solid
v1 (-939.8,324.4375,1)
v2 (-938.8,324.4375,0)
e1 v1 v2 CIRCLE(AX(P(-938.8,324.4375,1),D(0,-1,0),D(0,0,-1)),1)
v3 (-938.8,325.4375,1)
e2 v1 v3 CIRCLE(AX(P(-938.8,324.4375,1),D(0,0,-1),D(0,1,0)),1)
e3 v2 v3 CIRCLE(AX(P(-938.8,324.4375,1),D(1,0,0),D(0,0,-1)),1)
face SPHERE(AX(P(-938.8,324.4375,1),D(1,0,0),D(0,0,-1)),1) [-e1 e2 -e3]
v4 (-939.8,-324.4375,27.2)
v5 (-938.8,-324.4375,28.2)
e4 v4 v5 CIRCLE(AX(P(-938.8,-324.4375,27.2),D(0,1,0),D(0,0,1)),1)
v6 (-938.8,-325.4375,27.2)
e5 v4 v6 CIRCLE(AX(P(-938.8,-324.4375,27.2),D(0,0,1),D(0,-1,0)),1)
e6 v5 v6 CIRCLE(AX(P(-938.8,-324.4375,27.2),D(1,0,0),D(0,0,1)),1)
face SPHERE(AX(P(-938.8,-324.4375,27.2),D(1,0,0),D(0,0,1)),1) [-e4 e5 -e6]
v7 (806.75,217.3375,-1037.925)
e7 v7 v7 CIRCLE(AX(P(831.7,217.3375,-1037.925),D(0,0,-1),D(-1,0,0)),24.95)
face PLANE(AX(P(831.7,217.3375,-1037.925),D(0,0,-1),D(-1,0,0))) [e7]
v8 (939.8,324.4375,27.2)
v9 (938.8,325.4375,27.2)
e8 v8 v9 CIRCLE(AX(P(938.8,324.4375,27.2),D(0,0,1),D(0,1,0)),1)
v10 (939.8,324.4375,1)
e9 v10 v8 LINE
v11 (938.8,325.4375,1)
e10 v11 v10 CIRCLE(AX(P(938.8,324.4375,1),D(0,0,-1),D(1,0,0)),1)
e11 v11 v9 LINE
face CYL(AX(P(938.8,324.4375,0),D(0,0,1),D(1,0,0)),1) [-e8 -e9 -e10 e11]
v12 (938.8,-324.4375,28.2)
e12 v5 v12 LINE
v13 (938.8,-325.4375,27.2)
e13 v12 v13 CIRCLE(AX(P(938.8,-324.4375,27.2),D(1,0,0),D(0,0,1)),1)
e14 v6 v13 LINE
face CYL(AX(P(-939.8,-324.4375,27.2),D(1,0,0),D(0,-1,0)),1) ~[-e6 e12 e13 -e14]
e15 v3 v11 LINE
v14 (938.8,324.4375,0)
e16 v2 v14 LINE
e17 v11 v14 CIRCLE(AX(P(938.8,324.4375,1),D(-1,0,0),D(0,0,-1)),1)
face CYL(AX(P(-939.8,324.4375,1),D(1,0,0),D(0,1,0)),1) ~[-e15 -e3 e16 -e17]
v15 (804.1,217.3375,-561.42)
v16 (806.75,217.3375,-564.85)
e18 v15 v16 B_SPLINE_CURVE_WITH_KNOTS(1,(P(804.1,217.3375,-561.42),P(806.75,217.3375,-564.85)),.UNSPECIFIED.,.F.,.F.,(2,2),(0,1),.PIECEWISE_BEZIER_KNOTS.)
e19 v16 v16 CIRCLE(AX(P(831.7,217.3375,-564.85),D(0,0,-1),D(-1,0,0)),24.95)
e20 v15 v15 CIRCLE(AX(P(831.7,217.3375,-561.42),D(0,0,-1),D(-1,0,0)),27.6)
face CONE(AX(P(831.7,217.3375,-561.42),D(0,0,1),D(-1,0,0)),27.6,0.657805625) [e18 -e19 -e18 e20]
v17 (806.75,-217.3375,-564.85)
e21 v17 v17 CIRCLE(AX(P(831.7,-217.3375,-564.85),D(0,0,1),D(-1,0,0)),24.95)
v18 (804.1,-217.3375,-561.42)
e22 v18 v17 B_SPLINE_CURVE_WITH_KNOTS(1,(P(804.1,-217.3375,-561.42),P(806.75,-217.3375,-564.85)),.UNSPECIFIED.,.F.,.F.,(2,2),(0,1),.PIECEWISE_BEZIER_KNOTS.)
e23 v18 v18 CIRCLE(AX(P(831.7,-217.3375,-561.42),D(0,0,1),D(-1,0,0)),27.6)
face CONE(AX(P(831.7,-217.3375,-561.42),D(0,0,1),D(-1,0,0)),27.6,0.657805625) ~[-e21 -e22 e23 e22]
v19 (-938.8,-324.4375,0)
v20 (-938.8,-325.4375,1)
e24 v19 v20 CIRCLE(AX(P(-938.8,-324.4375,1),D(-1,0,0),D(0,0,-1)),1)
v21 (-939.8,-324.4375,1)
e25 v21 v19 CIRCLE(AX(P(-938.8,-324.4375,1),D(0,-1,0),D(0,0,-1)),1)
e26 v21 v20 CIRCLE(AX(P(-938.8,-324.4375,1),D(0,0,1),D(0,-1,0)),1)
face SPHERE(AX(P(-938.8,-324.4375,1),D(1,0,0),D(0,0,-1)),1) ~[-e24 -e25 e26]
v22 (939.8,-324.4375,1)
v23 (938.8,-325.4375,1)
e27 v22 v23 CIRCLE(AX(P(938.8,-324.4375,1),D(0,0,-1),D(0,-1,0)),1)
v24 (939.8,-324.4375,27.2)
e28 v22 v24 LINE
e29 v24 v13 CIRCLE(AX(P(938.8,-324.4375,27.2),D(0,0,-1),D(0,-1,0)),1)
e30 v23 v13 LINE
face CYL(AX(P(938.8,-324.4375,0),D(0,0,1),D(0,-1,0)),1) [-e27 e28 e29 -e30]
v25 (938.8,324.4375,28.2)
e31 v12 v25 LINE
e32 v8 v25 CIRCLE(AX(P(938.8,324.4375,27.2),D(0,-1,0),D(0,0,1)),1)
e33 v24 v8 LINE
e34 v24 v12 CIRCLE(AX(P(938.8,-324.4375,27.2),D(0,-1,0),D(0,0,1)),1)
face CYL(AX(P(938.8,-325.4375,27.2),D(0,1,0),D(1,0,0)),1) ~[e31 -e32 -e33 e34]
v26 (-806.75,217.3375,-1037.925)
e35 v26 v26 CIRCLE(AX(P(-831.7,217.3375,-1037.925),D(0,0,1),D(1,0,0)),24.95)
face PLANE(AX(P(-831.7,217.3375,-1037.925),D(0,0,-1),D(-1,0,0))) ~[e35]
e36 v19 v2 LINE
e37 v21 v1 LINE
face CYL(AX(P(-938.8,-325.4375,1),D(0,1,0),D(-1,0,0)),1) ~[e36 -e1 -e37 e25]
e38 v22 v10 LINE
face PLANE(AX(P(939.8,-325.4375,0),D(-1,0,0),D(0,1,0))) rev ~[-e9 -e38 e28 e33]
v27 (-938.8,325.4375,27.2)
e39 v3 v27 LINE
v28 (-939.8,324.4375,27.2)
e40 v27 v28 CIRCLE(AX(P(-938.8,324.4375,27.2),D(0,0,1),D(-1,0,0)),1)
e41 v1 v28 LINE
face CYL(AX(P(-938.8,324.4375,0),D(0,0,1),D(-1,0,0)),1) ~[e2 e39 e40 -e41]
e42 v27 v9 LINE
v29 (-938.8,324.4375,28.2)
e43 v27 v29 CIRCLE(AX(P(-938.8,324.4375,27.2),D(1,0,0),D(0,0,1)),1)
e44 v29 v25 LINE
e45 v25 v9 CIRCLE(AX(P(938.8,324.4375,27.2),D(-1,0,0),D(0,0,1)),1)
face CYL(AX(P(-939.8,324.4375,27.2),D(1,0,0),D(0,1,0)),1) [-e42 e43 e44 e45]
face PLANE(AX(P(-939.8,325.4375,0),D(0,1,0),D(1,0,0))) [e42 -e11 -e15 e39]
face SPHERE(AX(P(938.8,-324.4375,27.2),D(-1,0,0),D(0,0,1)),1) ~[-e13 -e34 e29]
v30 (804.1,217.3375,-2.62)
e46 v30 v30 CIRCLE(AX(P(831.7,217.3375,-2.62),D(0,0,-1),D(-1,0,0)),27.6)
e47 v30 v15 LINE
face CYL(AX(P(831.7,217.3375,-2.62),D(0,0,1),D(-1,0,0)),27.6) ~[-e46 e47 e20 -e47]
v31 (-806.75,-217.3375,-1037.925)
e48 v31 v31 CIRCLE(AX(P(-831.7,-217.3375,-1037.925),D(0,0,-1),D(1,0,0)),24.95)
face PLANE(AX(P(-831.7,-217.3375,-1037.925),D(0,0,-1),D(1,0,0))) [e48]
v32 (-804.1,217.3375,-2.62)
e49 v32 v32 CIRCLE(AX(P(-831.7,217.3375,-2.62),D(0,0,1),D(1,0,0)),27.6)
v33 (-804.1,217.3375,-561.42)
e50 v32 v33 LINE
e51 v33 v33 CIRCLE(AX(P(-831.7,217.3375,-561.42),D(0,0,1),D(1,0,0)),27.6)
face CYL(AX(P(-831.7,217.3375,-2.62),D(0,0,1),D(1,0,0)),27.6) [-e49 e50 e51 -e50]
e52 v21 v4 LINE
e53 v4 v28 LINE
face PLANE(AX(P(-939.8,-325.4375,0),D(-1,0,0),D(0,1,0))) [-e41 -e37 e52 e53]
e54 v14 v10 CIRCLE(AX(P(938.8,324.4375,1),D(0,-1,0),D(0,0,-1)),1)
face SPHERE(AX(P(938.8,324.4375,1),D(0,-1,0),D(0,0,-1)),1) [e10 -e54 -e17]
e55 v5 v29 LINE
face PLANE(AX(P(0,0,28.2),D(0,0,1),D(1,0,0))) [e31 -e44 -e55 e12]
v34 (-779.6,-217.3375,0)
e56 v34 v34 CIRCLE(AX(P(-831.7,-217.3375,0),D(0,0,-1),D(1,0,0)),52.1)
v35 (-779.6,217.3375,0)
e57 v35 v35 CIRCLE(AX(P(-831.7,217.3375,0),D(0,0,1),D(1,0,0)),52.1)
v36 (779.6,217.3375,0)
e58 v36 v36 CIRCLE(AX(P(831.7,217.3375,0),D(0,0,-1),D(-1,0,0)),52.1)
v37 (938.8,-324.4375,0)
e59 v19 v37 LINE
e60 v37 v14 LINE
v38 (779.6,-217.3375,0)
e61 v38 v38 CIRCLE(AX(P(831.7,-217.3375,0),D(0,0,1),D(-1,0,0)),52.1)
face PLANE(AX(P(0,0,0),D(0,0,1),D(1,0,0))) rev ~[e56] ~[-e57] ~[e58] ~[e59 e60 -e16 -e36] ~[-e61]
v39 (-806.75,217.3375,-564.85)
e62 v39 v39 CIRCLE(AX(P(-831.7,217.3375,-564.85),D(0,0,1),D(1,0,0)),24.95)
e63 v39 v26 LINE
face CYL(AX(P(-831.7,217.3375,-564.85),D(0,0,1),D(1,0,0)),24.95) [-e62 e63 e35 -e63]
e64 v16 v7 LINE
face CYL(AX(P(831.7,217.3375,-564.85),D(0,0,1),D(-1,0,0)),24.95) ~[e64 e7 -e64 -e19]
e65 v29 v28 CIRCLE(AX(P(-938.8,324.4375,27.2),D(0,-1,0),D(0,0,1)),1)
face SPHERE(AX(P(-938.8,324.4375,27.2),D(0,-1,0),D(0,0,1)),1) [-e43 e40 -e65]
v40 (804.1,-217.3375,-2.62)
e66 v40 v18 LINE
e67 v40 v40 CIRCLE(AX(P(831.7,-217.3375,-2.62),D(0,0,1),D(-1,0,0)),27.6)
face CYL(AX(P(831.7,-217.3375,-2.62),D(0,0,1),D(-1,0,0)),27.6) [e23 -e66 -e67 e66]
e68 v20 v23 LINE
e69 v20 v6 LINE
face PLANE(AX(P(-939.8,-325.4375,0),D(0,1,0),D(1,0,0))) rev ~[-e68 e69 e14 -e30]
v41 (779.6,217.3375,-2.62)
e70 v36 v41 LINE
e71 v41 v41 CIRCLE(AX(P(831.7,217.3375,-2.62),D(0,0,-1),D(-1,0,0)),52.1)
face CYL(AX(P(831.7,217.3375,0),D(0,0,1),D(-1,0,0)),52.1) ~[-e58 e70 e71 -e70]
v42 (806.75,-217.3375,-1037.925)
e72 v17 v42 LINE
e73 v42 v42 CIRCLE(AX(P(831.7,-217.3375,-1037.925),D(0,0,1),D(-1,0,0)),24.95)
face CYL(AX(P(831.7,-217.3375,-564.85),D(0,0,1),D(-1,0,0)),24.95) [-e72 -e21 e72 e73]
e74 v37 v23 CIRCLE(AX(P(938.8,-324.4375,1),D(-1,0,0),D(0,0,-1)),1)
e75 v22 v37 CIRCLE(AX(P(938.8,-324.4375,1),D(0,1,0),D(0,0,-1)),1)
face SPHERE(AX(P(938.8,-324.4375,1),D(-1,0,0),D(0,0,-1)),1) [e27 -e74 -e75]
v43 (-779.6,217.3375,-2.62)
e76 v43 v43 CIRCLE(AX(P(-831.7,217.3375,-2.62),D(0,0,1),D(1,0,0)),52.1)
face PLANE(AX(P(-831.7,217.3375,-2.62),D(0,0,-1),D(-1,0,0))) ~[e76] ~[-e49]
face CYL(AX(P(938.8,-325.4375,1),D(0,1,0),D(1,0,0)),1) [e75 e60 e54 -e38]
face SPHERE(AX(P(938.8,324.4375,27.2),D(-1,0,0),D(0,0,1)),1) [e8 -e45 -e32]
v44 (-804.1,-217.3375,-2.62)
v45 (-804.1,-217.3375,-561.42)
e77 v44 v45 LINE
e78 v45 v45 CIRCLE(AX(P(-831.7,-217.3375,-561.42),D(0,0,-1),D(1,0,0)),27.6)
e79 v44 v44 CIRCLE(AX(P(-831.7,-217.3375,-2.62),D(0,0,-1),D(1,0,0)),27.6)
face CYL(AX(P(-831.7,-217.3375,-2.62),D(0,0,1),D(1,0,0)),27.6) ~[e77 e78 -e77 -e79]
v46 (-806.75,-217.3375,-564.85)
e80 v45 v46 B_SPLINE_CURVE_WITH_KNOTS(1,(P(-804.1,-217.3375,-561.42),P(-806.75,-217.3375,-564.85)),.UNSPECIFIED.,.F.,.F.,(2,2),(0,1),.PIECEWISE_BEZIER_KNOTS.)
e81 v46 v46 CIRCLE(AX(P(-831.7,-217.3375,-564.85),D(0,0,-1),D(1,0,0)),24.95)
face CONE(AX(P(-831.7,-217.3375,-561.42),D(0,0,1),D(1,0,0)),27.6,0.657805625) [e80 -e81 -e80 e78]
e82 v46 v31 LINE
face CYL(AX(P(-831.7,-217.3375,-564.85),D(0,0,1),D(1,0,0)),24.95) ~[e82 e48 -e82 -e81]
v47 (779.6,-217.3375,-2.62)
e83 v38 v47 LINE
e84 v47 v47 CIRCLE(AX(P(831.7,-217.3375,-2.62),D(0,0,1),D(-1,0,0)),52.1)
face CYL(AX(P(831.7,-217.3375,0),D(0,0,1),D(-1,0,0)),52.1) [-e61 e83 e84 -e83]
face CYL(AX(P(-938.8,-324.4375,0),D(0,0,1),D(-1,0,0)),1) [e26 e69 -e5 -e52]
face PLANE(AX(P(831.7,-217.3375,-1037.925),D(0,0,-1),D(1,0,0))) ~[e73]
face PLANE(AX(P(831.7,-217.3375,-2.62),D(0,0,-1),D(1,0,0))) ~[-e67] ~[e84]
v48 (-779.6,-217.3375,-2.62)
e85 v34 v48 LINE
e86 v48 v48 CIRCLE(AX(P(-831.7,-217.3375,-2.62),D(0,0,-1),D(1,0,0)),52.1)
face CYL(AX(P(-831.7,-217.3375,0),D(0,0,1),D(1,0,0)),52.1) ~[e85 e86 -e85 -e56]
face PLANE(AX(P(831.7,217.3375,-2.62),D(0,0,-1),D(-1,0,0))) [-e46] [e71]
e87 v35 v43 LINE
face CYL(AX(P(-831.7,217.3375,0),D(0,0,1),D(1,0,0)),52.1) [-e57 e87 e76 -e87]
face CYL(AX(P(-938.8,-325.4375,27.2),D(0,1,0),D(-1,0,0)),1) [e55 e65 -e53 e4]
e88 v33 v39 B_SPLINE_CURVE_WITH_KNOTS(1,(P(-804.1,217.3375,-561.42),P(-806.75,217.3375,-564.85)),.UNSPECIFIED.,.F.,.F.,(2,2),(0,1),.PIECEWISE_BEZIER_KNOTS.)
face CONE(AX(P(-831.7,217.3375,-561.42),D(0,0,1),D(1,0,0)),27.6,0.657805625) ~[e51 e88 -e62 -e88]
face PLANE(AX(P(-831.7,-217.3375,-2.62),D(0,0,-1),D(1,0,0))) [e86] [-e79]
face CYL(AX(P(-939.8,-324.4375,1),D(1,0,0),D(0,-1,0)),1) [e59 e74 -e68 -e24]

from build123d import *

# Parameters (mm, degrees)
F0_W      = 1879.6
F0_H      = 650.875
F1_DEPTH  = 28.2
F2_R      = 1
F3_R      = 52.1
F4_DEPTH  = 2.62
F5_R      = 27.6
F6_DEPTH  = 558.8
F8_R      = 24.95
F9_DEPTH  = 473.075
F6_FACE_R = 27.6
F9_FACE_R = 24.95


with BuildPart() as f1:
    # F0 (on Top) → F1 (new body)
    with BuildSketch(Plane.XY):
        Rectangle(F0_W, F0_H)
    extrude(amount=F1_DEPTH)

    # F2
    f2_edges = [f1.edges().sort_by_distance(p)[0] for p in [
        (0, -325.4375, 28.2),
        (0, -325.4375, 0),
        (-939.8, 0, 28.2),
        (0, 325.4375, 28.2),
        (939.8, 0, 28.2),
        (939.8, 0, 0),
        (0, 325.4375, 0),
        (-939.8, 0, 0),
        (-939.8, -325.4375, 14.1),
        (-939.8, 325.4375, 14.1),
        (939.8, 325.4375, 14.1),
        (939.8, -325.4375, 14.1),
    ]]
    fillet(f2_edges, radius=F2_R)

    # F3 (on face) → F4 (join)
    with BuildSketch(Plane(origin=(0, 0, 0), x_dir=(1, 0, 0), z_dir=(0, 0, -1))):
        with Locations((-831.7, 217.3375)):
            Circle(F3_R)
    extrude(amount=F4_DEPTH)

    # F5 (on face) → F6 (join)
    with BuildSketch(Plane(origin=(0, 0, -2.62), x_dir=(1, 0, 0), z_dir=(0, 0, -1))):
        with Locations((-831.7, 217.3375)):
            Circle(F5_R)
    extrude(amount=F6_DEPTH)



with BuildPart() as f9:
    # F8 (on offset) → F9 (new body)
    with BuildSketch(Plane(origin=(0, 0, -564.85), x_dir=(1, 0, 0), z_dir=(0, 0, -1))):
        with Locations((-831.7, 217.3375)):
            Circle(F8_R)
    extrude(amount=F9_DEPTH)


with BuildPart() as f1_1:
    add(f1.part)

    add(f9.part)  # F10 merges F9
    # F6_face (on face) → F10 section 0
    with BuildSketch(Plane(origin=(-831.7, -217.3375, -561.42), x_dir=(1, 0, 0), z_dir=(0, 0, -1))):
        Circle(F6_FACE_R)
    # F9_face (on face) → F10 section 1
    with BuildSketch(Plane(origin=(-831.7, -217.3375, -564.85), x_dir=(1, 0, 0), z_dir=(0, 0, 1))):
        Circle(F9_FACE_R)
    loft()

    # F11: F1 across plane


with BuildPart() as f1_2:
    add(f1_1.part)
    add(f1_1.part.mirror(Plane.XZ))

    # F12: F1 across plane


with BuildPart() as f1_3:
    add(f1_2.part)
    add(f1_2.part.mirror(Plane.YZ))


solid = f1_3.part
